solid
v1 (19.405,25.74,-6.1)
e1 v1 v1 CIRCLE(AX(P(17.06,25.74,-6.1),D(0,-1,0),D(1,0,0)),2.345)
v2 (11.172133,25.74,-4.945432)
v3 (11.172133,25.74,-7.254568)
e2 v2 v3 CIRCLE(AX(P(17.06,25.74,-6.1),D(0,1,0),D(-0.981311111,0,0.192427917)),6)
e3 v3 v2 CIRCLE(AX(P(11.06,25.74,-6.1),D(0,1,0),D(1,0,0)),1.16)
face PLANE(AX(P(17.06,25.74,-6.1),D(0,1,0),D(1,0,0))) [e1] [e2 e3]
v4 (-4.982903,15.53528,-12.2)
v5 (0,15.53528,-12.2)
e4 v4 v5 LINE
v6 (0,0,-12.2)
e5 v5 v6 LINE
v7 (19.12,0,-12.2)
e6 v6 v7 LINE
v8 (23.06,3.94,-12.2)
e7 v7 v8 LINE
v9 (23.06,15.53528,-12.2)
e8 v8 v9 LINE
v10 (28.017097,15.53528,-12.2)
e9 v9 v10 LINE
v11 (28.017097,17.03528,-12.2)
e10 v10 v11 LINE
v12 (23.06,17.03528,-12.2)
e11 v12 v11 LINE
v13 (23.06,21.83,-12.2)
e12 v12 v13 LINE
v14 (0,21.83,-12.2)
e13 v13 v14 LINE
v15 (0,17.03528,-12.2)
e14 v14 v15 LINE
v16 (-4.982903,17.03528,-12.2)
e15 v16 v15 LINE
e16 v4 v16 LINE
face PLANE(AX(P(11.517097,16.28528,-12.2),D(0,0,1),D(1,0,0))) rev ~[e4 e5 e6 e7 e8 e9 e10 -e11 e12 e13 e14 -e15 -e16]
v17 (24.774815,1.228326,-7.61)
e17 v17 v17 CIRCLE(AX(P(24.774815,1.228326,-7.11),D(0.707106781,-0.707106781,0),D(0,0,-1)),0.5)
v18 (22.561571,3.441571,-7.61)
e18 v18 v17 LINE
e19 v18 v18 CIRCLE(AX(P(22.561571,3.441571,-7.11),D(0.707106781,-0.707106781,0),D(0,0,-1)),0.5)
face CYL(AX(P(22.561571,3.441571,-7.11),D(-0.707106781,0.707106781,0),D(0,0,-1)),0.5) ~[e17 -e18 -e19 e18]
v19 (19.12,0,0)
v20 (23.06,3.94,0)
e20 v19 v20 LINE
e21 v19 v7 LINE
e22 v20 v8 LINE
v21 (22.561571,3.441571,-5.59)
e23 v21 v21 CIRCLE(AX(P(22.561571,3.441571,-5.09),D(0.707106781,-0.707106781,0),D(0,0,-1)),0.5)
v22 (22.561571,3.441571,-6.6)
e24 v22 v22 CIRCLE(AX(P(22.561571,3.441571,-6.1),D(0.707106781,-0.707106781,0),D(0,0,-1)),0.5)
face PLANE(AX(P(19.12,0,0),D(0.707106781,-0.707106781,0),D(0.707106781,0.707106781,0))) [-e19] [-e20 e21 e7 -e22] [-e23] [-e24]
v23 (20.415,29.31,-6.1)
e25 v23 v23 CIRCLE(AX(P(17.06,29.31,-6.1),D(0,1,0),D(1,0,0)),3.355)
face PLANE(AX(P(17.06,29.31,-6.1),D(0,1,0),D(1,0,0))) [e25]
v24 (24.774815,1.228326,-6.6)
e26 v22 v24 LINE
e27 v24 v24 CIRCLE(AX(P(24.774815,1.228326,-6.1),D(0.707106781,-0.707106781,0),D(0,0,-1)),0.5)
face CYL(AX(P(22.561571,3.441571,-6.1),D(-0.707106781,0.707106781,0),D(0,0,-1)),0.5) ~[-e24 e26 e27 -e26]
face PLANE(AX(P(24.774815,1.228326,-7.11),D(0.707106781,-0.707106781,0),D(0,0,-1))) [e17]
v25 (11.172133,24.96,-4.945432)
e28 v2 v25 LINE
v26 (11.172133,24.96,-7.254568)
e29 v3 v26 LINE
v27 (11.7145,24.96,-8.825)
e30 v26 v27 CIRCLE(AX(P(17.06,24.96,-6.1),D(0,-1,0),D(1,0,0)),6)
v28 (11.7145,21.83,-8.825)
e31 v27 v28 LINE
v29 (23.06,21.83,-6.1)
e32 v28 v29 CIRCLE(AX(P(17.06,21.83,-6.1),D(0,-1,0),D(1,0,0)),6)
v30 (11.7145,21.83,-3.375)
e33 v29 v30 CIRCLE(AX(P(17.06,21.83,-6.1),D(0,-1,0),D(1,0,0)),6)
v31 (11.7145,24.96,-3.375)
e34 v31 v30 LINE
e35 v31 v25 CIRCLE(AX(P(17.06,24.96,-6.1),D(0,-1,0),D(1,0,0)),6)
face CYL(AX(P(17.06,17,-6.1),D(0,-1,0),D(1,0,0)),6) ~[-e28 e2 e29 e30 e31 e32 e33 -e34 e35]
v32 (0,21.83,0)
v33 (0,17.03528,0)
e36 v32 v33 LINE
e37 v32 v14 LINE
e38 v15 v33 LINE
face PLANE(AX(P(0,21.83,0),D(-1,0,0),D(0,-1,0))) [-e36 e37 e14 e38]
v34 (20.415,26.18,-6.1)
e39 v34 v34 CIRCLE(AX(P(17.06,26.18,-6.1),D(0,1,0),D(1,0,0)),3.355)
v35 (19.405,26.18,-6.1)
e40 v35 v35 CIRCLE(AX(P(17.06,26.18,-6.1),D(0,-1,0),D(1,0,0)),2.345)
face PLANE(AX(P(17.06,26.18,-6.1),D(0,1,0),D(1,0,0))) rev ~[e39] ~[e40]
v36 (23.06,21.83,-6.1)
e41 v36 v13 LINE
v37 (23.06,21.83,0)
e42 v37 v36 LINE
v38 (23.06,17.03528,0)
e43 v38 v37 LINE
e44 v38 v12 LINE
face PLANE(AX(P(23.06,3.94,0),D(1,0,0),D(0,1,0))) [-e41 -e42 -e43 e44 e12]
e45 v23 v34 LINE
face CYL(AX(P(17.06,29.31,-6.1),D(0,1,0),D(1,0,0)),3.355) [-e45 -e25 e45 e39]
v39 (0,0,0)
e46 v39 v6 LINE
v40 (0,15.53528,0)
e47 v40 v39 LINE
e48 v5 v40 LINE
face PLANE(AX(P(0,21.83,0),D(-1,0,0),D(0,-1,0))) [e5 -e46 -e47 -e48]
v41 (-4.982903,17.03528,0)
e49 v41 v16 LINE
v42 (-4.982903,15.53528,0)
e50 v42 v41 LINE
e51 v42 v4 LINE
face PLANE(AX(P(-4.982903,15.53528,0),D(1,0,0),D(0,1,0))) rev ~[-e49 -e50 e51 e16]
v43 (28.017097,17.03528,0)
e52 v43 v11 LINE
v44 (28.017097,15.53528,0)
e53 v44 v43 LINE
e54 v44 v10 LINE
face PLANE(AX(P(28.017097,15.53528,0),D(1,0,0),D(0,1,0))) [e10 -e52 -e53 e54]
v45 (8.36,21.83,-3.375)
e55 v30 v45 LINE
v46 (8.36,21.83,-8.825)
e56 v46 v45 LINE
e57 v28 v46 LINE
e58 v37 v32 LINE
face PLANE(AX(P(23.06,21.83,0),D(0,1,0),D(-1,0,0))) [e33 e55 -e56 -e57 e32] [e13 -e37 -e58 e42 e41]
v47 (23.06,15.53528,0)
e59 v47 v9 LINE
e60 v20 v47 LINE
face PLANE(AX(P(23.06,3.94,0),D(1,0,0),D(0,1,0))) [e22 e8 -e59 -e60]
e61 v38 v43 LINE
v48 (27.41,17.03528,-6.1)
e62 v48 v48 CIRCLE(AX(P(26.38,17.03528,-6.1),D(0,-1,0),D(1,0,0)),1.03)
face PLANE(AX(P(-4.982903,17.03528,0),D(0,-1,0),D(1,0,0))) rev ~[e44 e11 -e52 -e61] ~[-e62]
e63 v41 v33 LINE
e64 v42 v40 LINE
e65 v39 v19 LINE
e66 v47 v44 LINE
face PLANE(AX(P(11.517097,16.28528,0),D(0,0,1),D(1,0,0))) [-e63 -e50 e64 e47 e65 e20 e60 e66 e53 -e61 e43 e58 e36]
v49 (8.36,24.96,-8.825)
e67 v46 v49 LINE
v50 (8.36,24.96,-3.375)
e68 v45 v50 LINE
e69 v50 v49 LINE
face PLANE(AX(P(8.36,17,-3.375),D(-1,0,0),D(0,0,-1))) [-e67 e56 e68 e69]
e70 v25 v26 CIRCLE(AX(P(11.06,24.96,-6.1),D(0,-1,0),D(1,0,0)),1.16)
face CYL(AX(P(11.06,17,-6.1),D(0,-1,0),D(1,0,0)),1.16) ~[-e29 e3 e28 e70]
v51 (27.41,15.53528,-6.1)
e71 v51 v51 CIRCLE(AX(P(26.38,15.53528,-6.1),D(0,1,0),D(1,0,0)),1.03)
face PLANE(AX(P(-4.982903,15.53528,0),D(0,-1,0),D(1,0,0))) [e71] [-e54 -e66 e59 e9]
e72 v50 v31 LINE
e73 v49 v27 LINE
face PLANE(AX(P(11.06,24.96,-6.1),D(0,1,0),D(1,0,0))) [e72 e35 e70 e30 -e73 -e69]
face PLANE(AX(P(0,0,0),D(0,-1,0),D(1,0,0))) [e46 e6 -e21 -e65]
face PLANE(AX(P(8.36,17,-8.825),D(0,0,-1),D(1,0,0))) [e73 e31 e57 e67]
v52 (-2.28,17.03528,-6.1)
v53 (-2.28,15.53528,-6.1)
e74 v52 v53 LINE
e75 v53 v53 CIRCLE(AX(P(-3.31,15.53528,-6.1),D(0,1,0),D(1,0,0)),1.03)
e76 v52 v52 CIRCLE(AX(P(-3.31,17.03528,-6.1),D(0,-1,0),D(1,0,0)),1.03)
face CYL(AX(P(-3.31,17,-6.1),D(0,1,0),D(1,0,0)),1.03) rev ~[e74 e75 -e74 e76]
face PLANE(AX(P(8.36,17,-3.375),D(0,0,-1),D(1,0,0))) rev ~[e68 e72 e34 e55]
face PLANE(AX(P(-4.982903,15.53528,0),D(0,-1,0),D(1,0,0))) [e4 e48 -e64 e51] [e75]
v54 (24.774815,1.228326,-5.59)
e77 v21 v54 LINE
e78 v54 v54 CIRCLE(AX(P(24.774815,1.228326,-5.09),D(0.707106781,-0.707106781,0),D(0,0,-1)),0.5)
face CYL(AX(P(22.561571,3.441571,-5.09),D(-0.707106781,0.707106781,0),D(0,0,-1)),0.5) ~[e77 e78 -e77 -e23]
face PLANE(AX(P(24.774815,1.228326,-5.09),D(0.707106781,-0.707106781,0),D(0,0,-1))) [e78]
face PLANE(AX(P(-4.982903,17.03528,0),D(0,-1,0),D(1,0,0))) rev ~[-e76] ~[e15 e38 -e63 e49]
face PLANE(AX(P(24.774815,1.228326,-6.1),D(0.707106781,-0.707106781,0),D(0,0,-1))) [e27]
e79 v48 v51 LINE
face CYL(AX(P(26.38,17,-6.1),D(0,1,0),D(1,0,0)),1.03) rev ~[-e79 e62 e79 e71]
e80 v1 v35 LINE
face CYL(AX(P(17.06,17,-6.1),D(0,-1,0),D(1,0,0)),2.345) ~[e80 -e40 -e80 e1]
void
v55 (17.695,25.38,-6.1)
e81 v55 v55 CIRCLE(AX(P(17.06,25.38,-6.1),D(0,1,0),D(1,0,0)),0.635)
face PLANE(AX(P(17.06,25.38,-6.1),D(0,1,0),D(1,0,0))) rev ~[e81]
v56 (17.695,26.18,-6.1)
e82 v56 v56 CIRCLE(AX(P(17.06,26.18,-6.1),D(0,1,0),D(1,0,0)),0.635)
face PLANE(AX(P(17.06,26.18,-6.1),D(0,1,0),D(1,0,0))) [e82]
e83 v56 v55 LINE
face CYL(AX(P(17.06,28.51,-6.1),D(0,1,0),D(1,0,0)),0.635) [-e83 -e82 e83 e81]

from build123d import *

# Parameters (mm, degrees)
BOSS_EXTRUDE1_DEPTH     = 12.2
SKETCH4_W               = 33
SKETCH4_H               = 1.5
BOSS_EXTRUDE2_DEPTH     = 12.2
SKETCH6_R               = 1.03
CUT_EXTRUDE1_DEPTH      = 5.83
CUT_EXTRUDE1_DEPTH_BACK = 18
SKETCH7_R               = 1.03
CUT_EXTRUDE2_DEPTH      = 5.83
CUT_EXTRUDE2_DEPTH_BACK = 18
SKETCH9_R               = 6
BOSS_EXTRUDE3_DEPTH     = 8.74
SKETCH11_R              = 1.16
BOSS_EXTRUDE4_DEPTH     = 8.74
SKETCH13_W              = 5.4
SKETCH13_H              = 5.45
BOSS_EXTRUDE5_DEPTH     = 7.96
SKETCH14_R              = 2.345
BOSS_EXTRUDE6_DEPTH     = 11.51
SKETCH15_R              = 0.635
CUT_EXTRUDE3_DEPTH      = 3.13
BOSS_EXTRUDE7_START     = 0.8
SKETCH17_R              = 3.355
BOSS_EXTRUDE7_DEPTH     = 3.13
SKETCH18_R              = 0.5
BOSS_EXTRUDE8_DEPTH     = 3.13


with BuildPart() as part:
    # Sketch1 → Boss-Extrude1 (new body)
    with BuildSketch(Plane.XY):
        Polygon((19.12, 0), (23.06, 3.94), (23.06, 21.83), (0, 21.83), (0, 0), align=None)
    extrude(amount=-BOSS_EXTRUDE1_DEPTH)



with BuildPart() as body_2:
    # Sketch4 → Boss-Extrude2 (new body)
    with BuildSketch(Plane.XY):
        with Locations((11.517097498, 16.2852801)):
            Rectangle(SKETCH4_W, SKETCH4_H)
    extrude(amount=-BOSS_EXTRUDE2_DEPTH)

    # Sketch6 → Cut-Extrude1 (cut, two sides)
    with BuildSketch(Plane(origin=(0, 17, 0), x_dir=(1, 0, 0), z_dir=(0, 1, 0))) as cut_extrude1_sk:
        with Locations((-3.31, 6.1)):
            Circle(SKETCH6_R)
    extrude(amount=CUT_EXTRUDE1_DEPTH, mode=Mode.SUBTRACT)
    extrude(cut_extrude1_sk.sketch, amount=-CUT_EXTRUDE1_DEPTH_BACK, mode=Mode.SUBTRACT)

    # Sketch7 → Cut-Extrude2 (cut, two sides)
    with BuildSketch(Plane(origin=(0, 17, 0), x_dir=(1, 0, 0), z_dir=(0, 1, 0))) as cut_extrude2_sk:
        with Locations((26.38, 6.1)):
            Circle(SKETCH7_R)
    extrude(amount=CUT_EXTRUDE2_DEPTH, mode=Mode.SUBTRACT)
    extrude(cut_extrude2_sk.sketch, amount=-CUT_EXTRUDE2_DEPTH_BACK, mode=Mode.SUBTRACT)


with BuildPart() as part_1:
    add(part.part)

    add(body_2.part)  # Boss-Extrude3 merges body 2
    # Sketch9 → Boss-Extrude3 (add)
    with BuildSketch(Plane(origin=(0, 17, 0), x_dir=(1, 0, 0), z_dir=(0, 1, 0))):
        with Locations((17.06, 6.1)):
            Circle(SKETCH9_R)
    extrude(amount=BOSS_EXTRUDE3_DEPTH)

    # Sketch11 → Boss-Extrude4 (add)
    with BuildSketch(Plane(origin=(0, 17, 0), x_dir=(1, 0, 0), z_dir=(0, 1, 0))):
        with Locations((11.06, 6.1)):
            Circle(SKETCH11_R)
    extrude(amount=BOSS_EXTRUDE4_DEPTH)

    # Sketch13 → Boss-Extrude5 (add)
    with BuildSketch(Plane(origin=(0, 17, 0), x_dir=(1, 0, 0), z_dir=(0, 1, 0))):
        with Locations((11.06, 6.1)):
            Rectangle(SKETCH13_W, SKETCH13_H)
    extrude(amount=BOSS_EXTRUDE5_DEPTH)

    # Sketch14 → Boss-Extrude6 (add)
    with BuildSketch(Plane(origin=(0, 17, 0), x_dir=(1, 0, 0), z_dir=(0, 1, 0))):
        with Locations((17.06, 6.1)):
            Circle(SKETCH14_R)
    extrude(amount=BOSS_EXTRUDE6_DEPTH)

    # Sketch15 → Cut-Extrude3 (cut)
    with BuildSketch(Plane(origin=(0, 28.51, 0), x_dir=(1, 0, 0), z_dir=(0, 1, 0))):
        with Locations((17.06, 6.1)):
            Circle(SKETCH15_R)
    extrude(amount=-CUT_EXTRUDE3_DEPTH, mode=Mode.SUBTRACT)

    # Sketch17 → Boss-Extrude7 (add)
    with BuildSketch(Plane(origin=(0, 28.51, 0), x_dir=(1, 0, 0), z_dir=(0, 1, 0)).offset(BOSS_EXTRUDE7_START)):
        with Locations((17.06, 6.1)):
            Circle(SKETCH17_R)
    extrude(amount=-BOSS_EXTRUDE7_DEPTH)

    # Sketch18 → Boss-Extrude8 (add)
    with BuildSketch(Plane(origin=(9.56, -9.56, 0), x_dir=(0, 0, -1), z_dir=(0.707106781, -0.707106781, 0))):
        with Locations((5.09, 18.386997448)):
            Circle(SKETCH18_R)
        with Locations((6.1, 18.386997448)):
            Circle(SKETCH18_R)
        with Locations((7.11, 18.386997448)):
            Circle(SKETCH18_R)
    extrude(amount=BOSS_EXTRUDE8_DEPTH)


solid = part_1.part
